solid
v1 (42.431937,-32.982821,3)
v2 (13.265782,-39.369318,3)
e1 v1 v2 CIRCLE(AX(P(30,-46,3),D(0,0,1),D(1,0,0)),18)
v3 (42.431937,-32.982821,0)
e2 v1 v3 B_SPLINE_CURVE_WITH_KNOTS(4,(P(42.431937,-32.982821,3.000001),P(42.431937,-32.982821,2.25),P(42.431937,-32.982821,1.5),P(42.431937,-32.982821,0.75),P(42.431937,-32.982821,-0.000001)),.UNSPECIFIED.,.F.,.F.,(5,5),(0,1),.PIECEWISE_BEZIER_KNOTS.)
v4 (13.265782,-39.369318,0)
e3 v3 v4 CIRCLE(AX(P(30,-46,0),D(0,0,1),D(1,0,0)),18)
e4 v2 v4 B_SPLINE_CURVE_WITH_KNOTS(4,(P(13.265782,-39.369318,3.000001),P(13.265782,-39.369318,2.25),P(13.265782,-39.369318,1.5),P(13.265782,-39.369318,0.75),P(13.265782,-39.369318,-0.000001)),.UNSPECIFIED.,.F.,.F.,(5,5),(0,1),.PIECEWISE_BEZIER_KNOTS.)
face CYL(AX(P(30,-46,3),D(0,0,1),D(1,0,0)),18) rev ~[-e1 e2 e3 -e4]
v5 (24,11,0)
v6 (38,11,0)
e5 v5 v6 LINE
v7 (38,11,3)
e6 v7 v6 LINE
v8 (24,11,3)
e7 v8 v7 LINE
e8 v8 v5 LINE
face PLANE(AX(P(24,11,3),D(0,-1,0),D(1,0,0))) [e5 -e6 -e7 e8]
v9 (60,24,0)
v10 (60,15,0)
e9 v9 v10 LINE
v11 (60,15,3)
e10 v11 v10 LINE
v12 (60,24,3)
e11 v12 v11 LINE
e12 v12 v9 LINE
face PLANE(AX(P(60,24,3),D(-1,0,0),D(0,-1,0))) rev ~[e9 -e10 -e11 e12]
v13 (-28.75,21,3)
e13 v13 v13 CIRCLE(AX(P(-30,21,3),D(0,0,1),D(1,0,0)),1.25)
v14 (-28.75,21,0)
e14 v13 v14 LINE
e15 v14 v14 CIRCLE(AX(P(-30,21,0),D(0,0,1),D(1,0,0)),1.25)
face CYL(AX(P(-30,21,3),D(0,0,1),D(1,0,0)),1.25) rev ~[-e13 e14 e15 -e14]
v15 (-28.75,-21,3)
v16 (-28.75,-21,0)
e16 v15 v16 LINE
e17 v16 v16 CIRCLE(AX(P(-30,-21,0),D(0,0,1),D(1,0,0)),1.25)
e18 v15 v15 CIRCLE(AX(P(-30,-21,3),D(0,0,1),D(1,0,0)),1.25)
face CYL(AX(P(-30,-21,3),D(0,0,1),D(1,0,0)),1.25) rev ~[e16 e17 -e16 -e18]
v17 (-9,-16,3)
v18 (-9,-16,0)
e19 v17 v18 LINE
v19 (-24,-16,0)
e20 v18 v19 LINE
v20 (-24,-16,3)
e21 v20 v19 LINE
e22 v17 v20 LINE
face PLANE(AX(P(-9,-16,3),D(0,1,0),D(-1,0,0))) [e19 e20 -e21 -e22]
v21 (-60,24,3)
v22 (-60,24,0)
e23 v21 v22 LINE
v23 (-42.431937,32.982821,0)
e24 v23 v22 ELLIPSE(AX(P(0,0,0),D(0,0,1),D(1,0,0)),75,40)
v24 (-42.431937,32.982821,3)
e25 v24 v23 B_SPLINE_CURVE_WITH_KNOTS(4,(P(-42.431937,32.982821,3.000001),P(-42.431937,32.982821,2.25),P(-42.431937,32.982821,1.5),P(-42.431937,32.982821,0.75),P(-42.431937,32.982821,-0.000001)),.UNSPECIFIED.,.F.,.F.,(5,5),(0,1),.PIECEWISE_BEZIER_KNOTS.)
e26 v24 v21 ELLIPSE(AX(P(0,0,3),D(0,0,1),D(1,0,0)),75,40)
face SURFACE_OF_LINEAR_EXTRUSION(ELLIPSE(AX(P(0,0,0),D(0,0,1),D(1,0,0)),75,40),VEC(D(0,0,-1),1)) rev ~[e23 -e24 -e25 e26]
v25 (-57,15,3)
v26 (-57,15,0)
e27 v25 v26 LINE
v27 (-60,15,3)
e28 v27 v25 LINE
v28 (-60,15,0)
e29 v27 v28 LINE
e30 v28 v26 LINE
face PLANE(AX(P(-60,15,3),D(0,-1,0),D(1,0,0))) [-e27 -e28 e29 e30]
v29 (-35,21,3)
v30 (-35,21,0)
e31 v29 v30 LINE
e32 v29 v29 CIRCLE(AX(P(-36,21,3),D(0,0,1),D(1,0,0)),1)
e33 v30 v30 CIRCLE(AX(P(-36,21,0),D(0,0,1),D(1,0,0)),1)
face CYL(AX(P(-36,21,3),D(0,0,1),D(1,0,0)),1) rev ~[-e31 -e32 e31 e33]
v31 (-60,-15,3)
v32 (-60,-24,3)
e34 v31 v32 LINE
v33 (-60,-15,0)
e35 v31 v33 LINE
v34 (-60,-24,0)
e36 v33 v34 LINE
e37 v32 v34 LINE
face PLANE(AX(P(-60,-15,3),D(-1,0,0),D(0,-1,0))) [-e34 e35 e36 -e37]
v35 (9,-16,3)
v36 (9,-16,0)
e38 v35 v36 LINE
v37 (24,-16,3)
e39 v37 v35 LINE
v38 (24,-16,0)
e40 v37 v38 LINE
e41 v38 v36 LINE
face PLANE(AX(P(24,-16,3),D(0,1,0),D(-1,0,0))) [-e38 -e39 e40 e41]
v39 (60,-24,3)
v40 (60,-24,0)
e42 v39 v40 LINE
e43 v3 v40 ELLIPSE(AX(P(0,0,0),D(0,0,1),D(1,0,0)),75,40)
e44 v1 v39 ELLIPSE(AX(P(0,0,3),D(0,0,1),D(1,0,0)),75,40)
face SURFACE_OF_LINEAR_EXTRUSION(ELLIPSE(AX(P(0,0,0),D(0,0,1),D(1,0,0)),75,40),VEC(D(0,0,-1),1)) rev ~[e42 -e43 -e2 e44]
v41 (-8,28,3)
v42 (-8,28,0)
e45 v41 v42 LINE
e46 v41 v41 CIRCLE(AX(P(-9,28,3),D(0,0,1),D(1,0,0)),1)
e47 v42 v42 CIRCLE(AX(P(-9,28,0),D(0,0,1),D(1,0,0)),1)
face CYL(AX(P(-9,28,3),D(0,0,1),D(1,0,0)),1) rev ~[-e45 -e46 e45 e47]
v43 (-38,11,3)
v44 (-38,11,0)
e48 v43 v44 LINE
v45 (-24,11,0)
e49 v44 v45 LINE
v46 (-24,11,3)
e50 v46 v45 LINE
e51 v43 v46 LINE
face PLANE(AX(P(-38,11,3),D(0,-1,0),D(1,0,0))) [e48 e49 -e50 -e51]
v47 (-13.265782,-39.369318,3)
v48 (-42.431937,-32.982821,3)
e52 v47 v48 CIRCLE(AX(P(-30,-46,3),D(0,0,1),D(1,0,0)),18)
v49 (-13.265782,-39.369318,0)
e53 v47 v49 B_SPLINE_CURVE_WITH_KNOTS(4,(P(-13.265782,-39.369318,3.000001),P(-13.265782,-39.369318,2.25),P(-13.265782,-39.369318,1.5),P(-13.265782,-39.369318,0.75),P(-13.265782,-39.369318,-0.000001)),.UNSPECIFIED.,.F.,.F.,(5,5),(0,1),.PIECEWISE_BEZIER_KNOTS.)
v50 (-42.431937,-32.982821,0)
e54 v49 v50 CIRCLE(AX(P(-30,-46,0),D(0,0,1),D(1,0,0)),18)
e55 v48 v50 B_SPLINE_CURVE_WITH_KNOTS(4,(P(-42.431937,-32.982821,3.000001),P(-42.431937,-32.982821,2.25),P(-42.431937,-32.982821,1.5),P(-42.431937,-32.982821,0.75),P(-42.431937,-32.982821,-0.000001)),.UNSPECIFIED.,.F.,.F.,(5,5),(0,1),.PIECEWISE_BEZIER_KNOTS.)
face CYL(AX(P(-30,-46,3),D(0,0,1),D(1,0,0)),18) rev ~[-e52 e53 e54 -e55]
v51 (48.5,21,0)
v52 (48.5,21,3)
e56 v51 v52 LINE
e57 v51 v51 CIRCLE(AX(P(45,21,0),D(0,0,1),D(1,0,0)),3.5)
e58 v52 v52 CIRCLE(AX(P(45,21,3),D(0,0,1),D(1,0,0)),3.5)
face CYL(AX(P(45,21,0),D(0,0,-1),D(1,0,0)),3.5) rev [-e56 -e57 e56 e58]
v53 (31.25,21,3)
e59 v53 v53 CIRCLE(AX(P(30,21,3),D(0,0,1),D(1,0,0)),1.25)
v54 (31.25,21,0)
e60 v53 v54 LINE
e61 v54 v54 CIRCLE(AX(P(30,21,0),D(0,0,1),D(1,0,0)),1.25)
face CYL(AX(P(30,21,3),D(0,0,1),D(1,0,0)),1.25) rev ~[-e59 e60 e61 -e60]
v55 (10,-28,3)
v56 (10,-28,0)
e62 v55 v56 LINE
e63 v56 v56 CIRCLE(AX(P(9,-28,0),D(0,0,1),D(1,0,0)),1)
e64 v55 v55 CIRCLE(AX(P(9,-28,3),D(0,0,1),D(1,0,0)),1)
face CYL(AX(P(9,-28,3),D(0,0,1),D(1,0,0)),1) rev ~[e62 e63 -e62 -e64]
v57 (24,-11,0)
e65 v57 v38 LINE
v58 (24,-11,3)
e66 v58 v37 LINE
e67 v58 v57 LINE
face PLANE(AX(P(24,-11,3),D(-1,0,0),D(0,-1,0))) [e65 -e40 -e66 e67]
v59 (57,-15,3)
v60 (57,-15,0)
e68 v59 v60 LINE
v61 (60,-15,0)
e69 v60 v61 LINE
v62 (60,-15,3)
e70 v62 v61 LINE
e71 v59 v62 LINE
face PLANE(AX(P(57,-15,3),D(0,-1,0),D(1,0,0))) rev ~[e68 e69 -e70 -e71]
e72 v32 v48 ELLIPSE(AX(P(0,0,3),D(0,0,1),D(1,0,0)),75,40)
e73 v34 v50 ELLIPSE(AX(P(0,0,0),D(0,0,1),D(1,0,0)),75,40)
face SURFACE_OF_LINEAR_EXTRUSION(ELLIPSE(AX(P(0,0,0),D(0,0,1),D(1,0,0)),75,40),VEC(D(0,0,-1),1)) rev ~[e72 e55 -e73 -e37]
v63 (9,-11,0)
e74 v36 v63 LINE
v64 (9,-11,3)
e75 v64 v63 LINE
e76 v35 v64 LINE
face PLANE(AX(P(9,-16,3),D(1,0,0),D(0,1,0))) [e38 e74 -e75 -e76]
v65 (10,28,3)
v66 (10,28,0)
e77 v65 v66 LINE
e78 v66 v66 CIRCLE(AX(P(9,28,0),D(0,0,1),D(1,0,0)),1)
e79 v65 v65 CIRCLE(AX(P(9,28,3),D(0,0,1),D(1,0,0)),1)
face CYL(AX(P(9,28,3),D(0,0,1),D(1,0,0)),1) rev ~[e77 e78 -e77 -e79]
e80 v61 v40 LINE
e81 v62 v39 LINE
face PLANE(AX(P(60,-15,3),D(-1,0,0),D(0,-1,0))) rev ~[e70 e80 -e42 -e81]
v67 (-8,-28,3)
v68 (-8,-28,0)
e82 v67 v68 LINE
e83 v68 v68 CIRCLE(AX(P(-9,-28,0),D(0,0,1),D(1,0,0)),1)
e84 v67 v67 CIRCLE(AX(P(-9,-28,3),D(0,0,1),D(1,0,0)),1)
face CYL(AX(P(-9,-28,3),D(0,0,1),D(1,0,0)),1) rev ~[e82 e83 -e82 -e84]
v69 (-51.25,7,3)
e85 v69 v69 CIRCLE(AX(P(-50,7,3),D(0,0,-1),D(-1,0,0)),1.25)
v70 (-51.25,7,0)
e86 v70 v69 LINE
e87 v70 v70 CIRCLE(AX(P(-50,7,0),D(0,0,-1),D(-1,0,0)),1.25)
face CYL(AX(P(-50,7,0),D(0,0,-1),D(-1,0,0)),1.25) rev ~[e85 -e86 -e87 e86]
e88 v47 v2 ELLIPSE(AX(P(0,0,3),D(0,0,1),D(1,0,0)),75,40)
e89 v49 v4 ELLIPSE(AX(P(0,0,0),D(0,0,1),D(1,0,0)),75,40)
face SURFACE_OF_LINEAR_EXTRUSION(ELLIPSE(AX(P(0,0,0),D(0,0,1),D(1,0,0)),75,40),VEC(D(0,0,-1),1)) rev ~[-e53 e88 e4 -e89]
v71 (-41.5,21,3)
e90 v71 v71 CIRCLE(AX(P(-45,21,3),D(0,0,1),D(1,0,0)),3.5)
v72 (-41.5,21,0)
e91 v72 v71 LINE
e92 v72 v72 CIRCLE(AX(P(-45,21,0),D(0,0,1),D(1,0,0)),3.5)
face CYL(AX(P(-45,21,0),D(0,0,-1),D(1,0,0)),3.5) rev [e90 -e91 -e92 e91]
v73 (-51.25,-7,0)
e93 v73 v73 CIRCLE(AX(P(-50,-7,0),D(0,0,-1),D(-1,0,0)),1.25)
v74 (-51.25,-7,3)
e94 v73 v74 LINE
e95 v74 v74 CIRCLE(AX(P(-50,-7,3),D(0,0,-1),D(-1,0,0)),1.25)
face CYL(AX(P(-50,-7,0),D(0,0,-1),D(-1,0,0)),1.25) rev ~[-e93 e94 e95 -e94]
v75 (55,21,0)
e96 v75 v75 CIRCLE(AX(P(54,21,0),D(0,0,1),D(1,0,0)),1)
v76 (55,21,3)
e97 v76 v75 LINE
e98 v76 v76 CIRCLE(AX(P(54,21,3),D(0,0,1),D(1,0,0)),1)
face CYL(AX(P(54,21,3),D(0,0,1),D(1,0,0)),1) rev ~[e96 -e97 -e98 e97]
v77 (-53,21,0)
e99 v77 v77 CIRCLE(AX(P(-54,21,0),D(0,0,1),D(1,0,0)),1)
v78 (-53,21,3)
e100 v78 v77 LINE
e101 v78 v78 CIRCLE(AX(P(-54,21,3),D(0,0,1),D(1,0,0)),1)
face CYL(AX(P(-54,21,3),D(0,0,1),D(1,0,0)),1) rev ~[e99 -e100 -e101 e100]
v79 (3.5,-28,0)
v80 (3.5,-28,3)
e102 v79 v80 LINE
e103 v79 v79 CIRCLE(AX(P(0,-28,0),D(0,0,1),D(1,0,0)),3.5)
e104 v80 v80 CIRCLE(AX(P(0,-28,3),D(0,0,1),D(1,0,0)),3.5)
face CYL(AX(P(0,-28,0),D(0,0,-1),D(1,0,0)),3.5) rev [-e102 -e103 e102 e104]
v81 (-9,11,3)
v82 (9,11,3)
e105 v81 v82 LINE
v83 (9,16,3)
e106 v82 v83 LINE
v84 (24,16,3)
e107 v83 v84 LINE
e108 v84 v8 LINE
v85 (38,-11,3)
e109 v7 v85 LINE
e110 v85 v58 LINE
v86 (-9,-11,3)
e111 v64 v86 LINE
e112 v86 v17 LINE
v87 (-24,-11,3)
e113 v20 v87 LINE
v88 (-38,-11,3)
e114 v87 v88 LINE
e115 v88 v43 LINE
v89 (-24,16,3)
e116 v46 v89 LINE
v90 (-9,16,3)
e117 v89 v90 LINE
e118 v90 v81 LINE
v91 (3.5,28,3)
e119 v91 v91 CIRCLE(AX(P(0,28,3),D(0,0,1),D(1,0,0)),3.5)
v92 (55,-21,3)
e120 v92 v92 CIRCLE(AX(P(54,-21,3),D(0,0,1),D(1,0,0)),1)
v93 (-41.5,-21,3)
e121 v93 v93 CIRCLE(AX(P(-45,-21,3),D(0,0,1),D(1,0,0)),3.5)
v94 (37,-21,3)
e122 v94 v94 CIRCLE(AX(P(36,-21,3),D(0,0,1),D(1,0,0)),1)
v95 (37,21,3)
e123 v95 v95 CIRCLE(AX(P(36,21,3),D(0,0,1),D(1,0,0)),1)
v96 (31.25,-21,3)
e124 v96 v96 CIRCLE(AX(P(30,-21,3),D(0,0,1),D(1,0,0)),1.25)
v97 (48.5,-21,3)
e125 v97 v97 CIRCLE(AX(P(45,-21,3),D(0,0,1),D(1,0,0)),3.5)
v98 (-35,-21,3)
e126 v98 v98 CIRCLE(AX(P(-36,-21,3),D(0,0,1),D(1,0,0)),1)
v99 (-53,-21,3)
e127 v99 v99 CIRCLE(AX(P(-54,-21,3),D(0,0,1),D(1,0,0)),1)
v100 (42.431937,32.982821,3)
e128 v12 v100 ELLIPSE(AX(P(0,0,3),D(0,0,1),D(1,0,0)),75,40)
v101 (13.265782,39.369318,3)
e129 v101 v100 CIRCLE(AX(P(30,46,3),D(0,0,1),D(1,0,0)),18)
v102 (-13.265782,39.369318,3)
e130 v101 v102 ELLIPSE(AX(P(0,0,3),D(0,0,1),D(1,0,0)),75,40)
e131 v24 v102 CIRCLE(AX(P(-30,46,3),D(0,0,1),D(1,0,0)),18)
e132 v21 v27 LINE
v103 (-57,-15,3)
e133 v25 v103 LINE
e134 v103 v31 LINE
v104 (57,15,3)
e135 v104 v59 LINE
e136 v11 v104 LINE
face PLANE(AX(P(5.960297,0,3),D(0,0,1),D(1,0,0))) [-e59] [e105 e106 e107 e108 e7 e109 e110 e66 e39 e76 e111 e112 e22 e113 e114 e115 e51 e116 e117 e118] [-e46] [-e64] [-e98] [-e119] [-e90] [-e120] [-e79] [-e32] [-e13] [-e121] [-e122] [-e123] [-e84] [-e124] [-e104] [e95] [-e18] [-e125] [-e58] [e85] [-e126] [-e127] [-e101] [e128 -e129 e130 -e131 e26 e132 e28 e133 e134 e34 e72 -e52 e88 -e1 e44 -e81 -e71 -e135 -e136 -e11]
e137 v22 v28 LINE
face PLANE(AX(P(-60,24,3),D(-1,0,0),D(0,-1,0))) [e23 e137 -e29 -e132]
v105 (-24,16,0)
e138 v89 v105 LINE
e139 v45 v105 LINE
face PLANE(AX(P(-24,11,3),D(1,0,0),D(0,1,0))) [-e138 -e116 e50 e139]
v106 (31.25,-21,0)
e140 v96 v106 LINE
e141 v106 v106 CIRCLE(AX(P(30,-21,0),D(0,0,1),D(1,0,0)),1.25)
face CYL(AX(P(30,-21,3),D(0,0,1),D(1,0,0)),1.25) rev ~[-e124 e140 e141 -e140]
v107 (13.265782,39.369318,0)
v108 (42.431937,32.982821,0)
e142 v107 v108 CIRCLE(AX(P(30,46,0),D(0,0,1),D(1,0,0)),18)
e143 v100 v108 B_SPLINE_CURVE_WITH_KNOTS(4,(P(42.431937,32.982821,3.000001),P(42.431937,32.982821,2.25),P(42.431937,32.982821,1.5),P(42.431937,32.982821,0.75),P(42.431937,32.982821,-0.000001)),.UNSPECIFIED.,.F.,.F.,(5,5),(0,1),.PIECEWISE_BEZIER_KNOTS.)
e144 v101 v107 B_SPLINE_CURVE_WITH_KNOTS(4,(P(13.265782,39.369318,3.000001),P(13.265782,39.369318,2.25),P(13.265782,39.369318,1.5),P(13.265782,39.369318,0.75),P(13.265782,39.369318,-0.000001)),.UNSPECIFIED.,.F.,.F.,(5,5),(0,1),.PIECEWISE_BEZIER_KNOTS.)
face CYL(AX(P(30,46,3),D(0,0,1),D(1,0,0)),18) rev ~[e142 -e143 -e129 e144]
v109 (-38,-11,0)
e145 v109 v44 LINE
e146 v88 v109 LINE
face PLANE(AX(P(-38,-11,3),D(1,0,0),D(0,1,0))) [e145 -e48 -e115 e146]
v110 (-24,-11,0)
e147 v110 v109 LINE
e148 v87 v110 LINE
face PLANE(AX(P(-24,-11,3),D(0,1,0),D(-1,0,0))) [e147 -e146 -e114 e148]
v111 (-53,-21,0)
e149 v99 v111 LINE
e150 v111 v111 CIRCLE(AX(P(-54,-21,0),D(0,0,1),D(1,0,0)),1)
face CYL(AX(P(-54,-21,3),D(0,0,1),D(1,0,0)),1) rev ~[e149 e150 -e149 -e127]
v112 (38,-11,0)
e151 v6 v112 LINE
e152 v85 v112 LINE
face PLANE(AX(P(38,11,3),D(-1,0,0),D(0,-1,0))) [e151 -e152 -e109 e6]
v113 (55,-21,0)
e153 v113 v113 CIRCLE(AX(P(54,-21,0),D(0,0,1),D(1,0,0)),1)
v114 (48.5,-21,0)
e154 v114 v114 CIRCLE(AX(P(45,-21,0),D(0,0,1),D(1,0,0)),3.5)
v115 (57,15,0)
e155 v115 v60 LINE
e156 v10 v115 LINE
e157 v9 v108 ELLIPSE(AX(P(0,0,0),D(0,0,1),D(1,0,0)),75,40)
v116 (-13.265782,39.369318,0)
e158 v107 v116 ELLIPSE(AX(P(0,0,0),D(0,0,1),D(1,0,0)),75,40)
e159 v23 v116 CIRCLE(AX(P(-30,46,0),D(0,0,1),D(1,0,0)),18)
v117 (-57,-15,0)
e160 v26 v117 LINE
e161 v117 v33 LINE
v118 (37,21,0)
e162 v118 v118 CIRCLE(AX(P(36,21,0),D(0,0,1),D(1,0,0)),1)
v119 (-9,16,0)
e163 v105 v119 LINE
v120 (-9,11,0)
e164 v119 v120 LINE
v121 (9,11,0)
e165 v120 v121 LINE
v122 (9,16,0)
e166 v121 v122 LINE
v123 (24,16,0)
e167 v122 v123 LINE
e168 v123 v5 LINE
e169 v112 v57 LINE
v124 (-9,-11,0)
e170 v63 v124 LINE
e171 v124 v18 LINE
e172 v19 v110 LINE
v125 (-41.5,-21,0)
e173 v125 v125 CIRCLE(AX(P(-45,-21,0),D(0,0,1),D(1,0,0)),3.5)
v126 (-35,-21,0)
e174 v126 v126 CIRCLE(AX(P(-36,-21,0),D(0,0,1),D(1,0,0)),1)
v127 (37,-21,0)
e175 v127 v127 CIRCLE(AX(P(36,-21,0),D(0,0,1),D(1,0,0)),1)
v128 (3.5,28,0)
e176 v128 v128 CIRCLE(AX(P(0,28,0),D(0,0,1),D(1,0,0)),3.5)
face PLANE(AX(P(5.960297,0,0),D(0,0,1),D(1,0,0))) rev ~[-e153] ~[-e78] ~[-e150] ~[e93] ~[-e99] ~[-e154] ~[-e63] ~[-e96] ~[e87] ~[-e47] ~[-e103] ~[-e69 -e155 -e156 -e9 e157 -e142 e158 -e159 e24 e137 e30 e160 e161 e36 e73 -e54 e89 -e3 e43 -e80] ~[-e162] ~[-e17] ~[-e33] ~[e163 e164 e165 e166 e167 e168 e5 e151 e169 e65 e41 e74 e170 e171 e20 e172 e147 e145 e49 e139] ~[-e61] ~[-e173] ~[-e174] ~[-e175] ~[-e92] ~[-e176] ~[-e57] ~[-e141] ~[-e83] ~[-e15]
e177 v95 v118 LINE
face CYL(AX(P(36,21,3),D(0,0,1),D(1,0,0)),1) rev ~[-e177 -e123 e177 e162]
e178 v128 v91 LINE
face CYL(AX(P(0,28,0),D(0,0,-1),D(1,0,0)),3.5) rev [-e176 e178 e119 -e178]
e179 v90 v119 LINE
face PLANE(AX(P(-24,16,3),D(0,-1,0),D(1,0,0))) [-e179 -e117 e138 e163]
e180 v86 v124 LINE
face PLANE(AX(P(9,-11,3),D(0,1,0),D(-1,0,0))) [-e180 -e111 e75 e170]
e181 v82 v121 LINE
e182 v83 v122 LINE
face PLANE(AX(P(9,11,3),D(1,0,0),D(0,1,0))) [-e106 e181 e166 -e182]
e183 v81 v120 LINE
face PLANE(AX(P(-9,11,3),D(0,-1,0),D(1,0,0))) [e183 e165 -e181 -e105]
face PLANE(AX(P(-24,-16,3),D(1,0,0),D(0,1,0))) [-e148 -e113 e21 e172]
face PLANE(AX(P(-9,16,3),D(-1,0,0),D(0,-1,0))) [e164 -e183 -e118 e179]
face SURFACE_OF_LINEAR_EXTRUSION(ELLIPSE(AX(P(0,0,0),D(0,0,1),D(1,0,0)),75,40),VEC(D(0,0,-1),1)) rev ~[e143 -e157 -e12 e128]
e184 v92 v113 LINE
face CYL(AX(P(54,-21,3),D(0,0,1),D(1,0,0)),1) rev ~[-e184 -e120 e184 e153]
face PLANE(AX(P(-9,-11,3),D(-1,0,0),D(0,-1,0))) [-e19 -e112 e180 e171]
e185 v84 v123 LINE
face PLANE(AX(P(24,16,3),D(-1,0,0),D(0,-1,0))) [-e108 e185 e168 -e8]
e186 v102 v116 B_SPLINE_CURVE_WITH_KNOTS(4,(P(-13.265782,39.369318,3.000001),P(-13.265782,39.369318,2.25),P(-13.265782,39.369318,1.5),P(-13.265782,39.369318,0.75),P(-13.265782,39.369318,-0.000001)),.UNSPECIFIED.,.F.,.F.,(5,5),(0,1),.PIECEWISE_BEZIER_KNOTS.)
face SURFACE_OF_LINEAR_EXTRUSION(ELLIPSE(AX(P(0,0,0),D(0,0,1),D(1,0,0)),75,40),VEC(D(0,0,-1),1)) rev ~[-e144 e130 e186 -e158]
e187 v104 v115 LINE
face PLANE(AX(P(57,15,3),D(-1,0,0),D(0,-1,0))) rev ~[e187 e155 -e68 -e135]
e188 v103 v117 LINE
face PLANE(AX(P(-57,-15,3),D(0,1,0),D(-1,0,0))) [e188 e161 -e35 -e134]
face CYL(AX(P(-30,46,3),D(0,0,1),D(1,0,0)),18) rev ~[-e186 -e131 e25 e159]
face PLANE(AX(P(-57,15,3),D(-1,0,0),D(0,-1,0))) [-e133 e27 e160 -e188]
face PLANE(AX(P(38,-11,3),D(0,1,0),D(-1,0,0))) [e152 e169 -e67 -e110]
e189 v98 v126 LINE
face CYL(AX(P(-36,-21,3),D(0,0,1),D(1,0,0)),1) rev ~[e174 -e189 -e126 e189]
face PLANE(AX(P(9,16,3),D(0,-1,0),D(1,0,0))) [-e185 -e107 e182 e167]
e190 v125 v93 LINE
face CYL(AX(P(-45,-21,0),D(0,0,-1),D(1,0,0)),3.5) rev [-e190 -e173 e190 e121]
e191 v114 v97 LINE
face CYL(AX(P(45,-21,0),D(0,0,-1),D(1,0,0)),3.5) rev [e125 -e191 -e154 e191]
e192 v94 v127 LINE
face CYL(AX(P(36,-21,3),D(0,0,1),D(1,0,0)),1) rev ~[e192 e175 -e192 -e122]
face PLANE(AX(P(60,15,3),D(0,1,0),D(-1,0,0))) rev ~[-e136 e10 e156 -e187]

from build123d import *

# Parameters (mm, degrees)
SKETCH1_RX          = 75
SKETCH1_RY          = 40
SKETCH1_R           = 3.5
BOSS_EXTRUDE1_DEPTH = 3
SKETCH2_R           = 1.25
SKETCH2_R_2         = 18
CUT_EXTRUDE1_DEPTH  = 10
SKETCH4_R           = 1
CUT_EXTRUDE2_DEPTH  = 10
SKETCH9_R           = 1.25
CUT_EXTRUDE3_DEPTH  = 3


with BuildPart() as part:
    # Sketch1 → Boss-Extrude1 (new body)
    with BuildSketch(Plane.XY):
        with Locations((0, 0)):
            Ellipse(SKETCH1_RX, SKETCH1_RY)
        with Locations((0, 28)):
            Circle(SKETCH1_R, mode=Mode.SUBTRACT)
        with Locations((0, -28)):
            Circle(SKETCH1_R, mode=Mode.SUBTRACT)
        with Locations((45, 21)):
            Circle(SKETCH1_R, mode=Mode.SUBTRACT)
        with Locations((-45, 21)):
            Circle(SKETCH1_R, mode=Mode.SUBTRACT)
        with Locations((-45, -21)):
            Circle(SKETCH1_R, mode=Mode.SUBTRACT)
        with Locations((45, -21)):
            Circle(SKETCH1_R, mode=Mode.SUBTRACT)
    extrude(amount=BOSS_EXTRUDE1_DEPTH)

    # Sketch2 → Cut-Extrude1 (cut)
    with BuildSketch(Plane.XY.offset(3)):
        with Locations((-30, 21)):
            Circle(SKETCH2_R)
        with Locations((30, 21)):
            Circle(SKETCH2_R)
        with Locations((30, -21)):
            Circle(SKETCH2_R)
        with Locations((-30, -21)):
            Circle(SKETCH2_R)
        with Locations((30, 46)):
            Circle(SKETCH2_R_2)
        with Locations((-30, 46)):
            Circle(SKETCH2_R_2)
        with Locations((30, -46)):
            Circle(SKETCH2_R_2)
        with Locations((-30, -46)):
            Circle(SKETCH2_R_2)
        with BuildLine():
            Line((60, 24), (60, 15))
            Line((60, 15), (57, 15))
            Line((57, 15), (57, -15))
            Line((57, -15), (60, -15))
            Line((60, -15), (60, -24))
            add(Edge.make_bspline(
                [(60, -24), (93.75, 0), (60, 24)],
                knots=[5.639684198, 5.639684198, 5.639684198, 6.926686416, 6.926686416, 6.926686416], degree=2, weights=[1, 0.8, 1]))
        make_face()
        with BuildLine():
            Line((-60, 24), (-60, 15))
            Line((-60, 15), (-57, 15))
            Line((-57, 15), (-57, -15))
            Line((-57, -15), (-60, -15))
            Line((-60, -15), (-60, -24))
            add(Edge.make_bspline(
                [(-60, 24), (-93.75, 0), (-60, -24)],
                knots=[2.498091545, 2.498091545, 2.498091545, 3.785093762, 3.785093762, 3.785093762], degree=2, weights=[1, 0.8, 1]))
        make_face()
    extrude(amount=-CUT_EXTRUDE1_DEPTH, mode=Mode.SUBTRACT)

    # Sketch4 → Cut-Extrude2 (cut)
    with BuildSketch(Plane.XY.offset(3)):
        with Locations((9, 28)):
            Circle(SKETCH4_R)
        with Locations((-9, 28)):
            Circle(SKETCH4_R)
        with Locations((9, -28)):
            Circle(SKETCH4_R)
        with Locations((-9, -28)):
            Circle(SKETCH4_R)
        with Locations((54, 21)):
            Circle(SKETCH4_R)
        with Locations((36, 21)):
            Circle(SKETCH4_R)
        with Locations((54, -21)):
            Circle(SKETCH4_R)
        with Locations((36, -21)):
            Circle(SKETCH4_R)
        with Locations((-36, 21)):
            Circle(SKETCH4_R)
        with Locations((-54, 21)):
            Circle(SKETCH4_R)
        with Locations((-36, -21)):
            Circle(SKETCH4_R)
        with Locations((-54, -21)):
            Circle(SKETCH4_R)
        Polygon((-9, 11), (9, 11), (9, 16), (24, 16), (24, 11), (38, 11), (38, -11), (24, -11), (24, -16), (9, -16), (9, -11), (-9, -11), (-9, -16), (-24, -16), (-24, -11), (-38, -11), (-38, 11), (-24, 11), (-24, 16), (-9, 16), align=None)
    extrude(amount=-CUT_EXTRUDE2_DEPTH, mode=Mode.SUBTRACT)

    # Sketch9 → Cut-Extrude3 (cut)
    with BuildSketch(Plane(origin=(0, 0, 0), x_dir=(-1, 0, 0), z_dir=(0, 0, -1))):
        with Locations((50, 7)):
            Circle(SKETCH9_R)
        with Locations((50, -7)):
            Circle(SKETCH9_R)
    extrude(amount=-CUT_EXTRUDE3_DEPTH, mode=Mode.SUBTRACT)


solid = part.part
